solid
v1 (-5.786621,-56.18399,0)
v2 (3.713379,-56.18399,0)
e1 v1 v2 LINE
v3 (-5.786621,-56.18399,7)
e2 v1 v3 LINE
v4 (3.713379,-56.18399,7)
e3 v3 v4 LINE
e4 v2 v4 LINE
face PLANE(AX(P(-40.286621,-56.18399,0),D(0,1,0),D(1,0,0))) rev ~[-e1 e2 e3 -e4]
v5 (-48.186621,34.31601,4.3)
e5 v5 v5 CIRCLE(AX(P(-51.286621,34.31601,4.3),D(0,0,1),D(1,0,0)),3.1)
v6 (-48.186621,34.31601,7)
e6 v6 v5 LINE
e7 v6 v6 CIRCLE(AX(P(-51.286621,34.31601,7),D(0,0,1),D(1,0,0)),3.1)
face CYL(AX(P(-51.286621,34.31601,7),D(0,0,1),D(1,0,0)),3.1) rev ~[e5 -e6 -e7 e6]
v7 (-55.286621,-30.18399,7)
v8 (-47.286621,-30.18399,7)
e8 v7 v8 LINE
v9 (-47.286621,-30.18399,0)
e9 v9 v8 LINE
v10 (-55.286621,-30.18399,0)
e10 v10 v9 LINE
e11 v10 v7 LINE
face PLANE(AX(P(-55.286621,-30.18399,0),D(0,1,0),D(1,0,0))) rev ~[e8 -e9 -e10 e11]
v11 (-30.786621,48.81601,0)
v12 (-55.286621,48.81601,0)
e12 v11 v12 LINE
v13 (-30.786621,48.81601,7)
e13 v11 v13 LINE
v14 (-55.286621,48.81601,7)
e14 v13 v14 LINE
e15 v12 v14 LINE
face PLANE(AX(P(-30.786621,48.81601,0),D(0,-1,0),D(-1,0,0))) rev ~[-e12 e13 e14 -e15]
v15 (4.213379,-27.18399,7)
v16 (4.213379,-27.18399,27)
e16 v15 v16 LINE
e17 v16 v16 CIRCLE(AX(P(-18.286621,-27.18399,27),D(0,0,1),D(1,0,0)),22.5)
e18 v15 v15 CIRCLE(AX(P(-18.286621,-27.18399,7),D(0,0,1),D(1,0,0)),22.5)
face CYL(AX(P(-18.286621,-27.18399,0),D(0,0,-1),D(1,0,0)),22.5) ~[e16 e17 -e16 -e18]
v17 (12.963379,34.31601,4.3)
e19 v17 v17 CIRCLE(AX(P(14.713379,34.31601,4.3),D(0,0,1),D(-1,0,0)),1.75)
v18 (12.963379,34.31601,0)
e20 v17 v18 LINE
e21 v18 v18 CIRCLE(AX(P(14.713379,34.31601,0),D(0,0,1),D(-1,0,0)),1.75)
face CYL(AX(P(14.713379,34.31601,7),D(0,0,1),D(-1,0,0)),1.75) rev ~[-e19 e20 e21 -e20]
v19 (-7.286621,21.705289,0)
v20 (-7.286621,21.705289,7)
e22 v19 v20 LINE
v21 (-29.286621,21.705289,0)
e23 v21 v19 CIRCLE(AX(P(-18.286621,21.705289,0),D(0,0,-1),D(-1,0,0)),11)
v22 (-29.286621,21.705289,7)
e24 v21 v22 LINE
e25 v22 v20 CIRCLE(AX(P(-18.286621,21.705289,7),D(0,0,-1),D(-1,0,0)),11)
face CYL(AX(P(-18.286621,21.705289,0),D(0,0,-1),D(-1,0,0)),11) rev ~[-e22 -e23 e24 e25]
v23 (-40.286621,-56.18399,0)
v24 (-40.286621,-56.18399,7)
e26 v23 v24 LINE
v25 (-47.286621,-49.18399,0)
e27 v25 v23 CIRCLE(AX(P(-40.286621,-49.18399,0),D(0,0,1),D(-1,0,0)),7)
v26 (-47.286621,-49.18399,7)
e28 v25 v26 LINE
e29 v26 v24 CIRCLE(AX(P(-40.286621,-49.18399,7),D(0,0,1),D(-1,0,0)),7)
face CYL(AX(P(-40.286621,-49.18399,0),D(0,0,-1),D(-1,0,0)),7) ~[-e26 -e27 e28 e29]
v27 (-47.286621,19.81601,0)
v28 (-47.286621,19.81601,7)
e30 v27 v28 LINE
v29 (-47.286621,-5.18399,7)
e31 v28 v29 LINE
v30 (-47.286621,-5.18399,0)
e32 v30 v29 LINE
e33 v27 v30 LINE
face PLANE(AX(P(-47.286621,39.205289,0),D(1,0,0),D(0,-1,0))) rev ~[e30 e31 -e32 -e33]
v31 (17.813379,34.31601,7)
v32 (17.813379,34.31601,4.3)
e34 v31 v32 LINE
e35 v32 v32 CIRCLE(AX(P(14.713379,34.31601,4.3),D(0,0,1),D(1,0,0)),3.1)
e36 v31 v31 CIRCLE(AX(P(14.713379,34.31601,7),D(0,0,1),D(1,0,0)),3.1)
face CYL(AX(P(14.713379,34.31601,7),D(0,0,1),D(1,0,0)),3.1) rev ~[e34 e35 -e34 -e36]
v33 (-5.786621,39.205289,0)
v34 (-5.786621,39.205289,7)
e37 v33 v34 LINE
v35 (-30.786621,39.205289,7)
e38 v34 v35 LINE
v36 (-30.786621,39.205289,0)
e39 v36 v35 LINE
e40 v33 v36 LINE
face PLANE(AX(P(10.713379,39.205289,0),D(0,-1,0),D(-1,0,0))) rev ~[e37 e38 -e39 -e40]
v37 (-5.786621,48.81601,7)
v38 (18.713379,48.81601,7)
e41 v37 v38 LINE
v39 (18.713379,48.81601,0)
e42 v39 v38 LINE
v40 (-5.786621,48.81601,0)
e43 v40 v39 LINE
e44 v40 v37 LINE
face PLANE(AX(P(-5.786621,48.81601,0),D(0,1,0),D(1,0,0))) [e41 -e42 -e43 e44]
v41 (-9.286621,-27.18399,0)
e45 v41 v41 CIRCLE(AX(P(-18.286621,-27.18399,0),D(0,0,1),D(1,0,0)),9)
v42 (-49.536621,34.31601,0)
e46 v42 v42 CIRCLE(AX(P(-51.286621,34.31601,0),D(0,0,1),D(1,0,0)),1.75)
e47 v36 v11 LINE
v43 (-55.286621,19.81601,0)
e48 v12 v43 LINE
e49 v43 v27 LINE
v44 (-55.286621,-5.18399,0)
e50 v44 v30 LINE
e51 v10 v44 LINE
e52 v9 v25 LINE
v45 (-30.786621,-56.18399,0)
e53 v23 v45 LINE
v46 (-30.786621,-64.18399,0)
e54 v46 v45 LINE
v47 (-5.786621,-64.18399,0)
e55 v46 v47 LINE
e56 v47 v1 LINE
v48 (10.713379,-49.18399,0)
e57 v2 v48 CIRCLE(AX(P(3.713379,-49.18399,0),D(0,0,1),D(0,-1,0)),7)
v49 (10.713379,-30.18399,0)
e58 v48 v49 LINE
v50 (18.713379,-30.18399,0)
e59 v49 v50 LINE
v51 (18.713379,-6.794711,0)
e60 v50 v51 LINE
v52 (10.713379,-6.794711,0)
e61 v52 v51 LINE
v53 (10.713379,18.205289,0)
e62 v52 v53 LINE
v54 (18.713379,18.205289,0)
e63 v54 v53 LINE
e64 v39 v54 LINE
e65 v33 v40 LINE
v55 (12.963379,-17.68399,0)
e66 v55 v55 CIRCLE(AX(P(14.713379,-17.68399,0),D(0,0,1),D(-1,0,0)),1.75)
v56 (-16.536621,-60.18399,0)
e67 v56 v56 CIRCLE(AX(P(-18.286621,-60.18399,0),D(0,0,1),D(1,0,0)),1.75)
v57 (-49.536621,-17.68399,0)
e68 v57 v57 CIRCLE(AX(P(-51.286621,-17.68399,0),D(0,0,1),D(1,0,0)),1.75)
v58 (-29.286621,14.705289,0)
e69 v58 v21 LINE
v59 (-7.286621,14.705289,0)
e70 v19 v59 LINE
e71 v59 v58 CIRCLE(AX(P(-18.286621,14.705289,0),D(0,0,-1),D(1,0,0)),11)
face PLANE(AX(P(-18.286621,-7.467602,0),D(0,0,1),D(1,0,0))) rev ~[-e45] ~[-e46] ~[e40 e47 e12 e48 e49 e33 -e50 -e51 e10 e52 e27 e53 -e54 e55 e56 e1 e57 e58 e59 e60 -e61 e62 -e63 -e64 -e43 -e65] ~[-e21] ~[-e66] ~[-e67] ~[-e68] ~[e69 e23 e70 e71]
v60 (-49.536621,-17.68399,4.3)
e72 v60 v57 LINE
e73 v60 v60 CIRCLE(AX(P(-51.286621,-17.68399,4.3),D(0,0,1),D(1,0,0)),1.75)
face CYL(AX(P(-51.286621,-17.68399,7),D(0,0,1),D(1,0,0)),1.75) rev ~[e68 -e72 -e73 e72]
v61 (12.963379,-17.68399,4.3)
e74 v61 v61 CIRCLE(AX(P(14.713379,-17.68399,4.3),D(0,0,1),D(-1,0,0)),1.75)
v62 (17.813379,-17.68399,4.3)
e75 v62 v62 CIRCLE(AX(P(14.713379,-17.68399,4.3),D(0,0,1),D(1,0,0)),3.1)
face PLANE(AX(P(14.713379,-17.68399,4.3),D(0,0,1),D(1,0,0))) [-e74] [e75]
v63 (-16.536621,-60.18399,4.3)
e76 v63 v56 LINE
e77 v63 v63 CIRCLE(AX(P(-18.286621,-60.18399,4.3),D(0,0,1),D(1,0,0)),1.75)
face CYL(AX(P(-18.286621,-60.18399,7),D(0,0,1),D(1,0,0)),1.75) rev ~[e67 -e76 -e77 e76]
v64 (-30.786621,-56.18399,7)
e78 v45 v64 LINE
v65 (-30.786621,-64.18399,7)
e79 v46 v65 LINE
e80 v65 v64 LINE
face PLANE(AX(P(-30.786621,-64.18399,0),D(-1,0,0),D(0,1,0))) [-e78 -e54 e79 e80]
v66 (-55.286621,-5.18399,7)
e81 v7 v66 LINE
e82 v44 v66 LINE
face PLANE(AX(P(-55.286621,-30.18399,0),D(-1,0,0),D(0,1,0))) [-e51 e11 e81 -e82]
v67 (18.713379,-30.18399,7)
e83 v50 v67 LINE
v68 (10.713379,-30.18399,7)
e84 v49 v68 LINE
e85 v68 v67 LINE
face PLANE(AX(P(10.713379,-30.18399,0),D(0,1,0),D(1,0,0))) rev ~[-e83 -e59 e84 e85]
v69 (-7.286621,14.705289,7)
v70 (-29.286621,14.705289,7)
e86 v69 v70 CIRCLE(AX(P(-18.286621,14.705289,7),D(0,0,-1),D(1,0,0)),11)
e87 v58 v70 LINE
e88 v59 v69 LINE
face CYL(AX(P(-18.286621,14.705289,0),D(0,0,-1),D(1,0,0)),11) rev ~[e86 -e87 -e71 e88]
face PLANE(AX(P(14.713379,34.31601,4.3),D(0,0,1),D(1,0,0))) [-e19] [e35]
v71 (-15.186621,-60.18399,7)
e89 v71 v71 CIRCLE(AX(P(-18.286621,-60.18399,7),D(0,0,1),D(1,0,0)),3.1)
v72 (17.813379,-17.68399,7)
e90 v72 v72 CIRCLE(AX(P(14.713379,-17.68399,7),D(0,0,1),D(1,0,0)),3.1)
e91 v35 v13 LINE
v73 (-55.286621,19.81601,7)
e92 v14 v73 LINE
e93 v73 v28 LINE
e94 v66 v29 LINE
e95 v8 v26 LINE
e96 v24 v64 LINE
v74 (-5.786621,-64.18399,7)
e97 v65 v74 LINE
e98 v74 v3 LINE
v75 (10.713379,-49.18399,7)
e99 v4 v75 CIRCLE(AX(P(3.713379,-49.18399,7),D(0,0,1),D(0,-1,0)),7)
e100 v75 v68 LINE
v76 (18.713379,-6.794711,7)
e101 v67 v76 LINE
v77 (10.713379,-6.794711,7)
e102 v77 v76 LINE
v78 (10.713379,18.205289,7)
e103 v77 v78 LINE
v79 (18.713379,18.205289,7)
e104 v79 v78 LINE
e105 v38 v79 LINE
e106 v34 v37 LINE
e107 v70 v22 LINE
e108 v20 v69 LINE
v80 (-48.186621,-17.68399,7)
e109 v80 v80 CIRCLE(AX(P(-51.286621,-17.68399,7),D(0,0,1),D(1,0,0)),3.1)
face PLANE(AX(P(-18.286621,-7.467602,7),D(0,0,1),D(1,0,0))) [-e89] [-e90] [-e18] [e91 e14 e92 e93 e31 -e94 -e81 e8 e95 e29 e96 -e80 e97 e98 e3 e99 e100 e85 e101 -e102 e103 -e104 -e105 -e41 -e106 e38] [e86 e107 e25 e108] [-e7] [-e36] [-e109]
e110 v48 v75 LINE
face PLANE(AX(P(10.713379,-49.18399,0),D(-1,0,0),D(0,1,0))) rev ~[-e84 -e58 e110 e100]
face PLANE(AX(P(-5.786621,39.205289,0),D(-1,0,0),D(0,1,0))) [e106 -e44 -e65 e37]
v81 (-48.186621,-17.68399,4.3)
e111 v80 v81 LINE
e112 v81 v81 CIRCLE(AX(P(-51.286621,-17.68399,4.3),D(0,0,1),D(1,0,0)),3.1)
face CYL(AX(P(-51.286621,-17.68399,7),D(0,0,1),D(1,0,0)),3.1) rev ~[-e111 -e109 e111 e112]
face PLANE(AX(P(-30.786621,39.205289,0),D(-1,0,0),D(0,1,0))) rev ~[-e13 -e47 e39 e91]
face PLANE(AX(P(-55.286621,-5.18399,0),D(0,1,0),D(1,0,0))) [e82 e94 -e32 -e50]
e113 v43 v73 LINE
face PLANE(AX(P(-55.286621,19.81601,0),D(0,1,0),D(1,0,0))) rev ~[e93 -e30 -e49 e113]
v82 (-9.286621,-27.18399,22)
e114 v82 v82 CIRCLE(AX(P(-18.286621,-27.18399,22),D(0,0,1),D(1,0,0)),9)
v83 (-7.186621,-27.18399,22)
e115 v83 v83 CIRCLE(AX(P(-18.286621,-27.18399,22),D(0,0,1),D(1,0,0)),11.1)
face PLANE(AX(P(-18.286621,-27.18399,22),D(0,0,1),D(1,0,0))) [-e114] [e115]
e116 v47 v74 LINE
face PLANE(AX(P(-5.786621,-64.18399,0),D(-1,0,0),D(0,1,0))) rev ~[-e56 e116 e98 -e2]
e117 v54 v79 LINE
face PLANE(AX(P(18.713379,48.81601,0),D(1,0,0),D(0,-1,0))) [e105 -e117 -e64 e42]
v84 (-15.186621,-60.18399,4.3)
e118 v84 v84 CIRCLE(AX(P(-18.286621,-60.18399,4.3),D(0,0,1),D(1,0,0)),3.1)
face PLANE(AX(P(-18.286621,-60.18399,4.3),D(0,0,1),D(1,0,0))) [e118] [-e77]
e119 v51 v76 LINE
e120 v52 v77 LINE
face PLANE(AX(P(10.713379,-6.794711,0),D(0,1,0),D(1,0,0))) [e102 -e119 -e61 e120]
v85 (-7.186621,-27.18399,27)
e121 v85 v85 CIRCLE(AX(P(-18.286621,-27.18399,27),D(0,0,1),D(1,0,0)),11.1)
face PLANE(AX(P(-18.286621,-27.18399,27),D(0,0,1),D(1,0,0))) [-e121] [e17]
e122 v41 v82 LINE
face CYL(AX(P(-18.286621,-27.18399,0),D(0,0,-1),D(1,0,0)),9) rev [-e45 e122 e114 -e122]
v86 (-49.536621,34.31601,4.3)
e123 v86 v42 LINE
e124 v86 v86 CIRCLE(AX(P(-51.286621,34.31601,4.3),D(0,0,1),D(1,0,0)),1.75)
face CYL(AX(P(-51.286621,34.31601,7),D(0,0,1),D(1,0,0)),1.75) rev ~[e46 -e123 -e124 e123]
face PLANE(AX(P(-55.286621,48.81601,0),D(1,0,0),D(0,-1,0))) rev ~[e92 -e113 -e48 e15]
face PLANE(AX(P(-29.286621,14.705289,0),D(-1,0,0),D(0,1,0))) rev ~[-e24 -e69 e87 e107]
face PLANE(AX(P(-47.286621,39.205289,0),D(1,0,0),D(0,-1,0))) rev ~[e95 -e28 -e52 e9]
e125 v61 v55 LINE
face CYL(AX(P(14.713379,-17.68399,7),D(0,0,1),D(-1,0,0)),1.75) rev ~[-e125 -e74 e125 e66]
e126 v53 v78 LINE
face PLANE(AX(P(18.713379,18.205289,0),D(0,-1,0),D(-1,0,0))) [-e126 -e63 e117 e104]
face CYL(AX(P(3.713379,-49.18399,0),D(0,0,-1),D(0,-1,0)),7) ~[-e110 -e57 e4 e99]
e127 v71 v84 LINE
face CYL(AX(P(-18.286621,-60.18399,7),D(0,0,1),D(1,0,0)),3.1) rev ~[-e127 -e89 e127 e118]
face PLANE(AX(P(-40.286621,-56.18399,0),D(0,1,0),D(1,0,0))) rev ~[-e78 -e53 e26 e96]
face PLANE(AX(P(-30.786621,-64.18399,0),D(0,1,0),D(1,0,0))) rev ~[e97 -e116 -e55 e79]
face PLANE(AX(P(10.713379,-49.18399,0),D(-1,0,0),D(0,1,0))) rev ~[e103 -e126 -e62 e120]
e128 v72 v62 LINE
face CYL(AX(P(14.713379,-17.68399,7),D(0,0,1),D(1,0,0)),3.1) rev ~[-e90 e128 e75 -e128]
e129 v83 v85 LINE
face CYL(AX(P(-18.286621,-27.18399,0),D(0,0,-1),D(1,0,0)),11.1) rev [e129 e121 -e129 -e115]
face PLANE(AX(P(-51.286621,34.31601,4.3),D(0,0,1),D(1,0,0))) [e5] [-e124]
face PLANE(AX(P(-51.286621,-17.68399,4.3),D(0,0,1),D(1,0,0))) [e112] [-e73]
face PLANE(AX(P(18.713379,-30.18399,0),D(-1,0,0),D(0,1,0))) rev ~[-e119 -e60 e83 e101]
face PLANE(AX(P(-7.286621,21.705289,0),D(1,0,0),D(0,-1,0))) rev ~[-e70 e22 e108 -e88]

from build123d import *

# Parameters (mm, degrees)
CROQUIS2_R              = 22.5
SALIENTE_EXTRUIR1_DEPTH = 7
CROQUIS2_4_R            = 11.1
CROQUIS2_4_R_2          = 9
SALIENTE_EXTRUIR2_DEPTH = 22
CROQUIS2_5_R            = 22.5
CROQUIS2_5_R_2          = 11.1
SALIENTE_EXTRUIR3_DEPTH = 27
CROQUIS3_R              = 1.75
CORTAR_EXTRUIR1_DEPTH   = 7
CROQUIS4_R              = 3.1
CORTAR_EXTRUIR2_DEPTH   = 2.7


with BuildPart() as part:
    # Croquis2 → Saliente-Extruir1 (new body)
    with BuildSketch(Plane.XY):
        with BuildLine():
            Line((-30.786620614, 39.205288522), (-30.786620614, 48.816010109))
            Line((-30.786620614, 48.816010109), (-55.286620614, 48.816010109))
            Line((-55.286620614, 48.816010109), (-55.286620614, 19.816010109))
            Line((-55.286620614, 19.816010109), (-47.286620614, 19.816010109))
            Line((-47.286620614, 19.816010109), (-47.286620614, -5.183989891))
            Line((-47.286620614, -5.183989891), (-55.286620614, -5.183989891))
            Line((-55.286620614, -5.183989891), (-55.286620614, -30.183989891))
            Line((-55.286620614, -30.183989891), (-47.286620614, -30.183989891))
            Line((-47.286620614, -30.183989891), (-47.286620614, -49.183989891))
            ThreePointArc((-47.286620614, -49.183989891), (-45.236368082, -54.133737359), (-40.286620614, -56.183989891))
            Line((-40.286620614, -56.183989891), (-30.786620614, -56.183989891))
            Line((-30.786620614, -56.183989891), (-30.786620614, -64.183989891))
            Line((-30.786620614, -64.183989891), (-5.786620614, -64.183989891))
            Line((-5.786620614, -64.183989891), (-5.786620614, -56.183989891))
            Line((-5.786620614, -56.183989891), (3.713379386, -56.183989891))
            ThreePointArc((3.713379386, -56.183989891), (8.663126854, -54.133737359), (10.713379386, -49.183989891))
            Line((10.713379386, -49.183989891), (10.713379386, -30.183989891))
            Line((10.713379386, -30.183989891), (18.713379386, -30.183989891))
            Line((18.713379386, -30.183989891), (18.713379386, -6.794711478))
            Line((18.713379386, -6.794711478), (10.713379386, -6.794711478))
            Line((10.713379386, -6.794711478), (10.713379386, 18.205288522))
            Line((10.713379386, 18.205288522), (18.713379386, 18.205288522))
            Line((18.713379386, 18.205288522), (18.713379386, 48.816010109))
            Line((18.713379386, 48.816010109), (-5.786620614, 48.816010109))
            Line((-5.786620614, 48.816010109), (-5.786620614, 39.205288522))
            Line((-5.786620614, 39.205288522), (-30.786620614, 39.205288522))
        make_face()
        with BuildLine():
            ThreePointArc((-7.286620614, 14.705288522), (-18.286620614, 3.705288522), (-29.286620614, 14.705288522))
            Line((-29.286620614, 14.705288522), (-29.286620614, 21.705288522))
            ThreePointArc((-29.286620614, 21.705288522), (-18.286620614, 32.705288522), (-7.286620614, 21.705288522))
            Line((-7.286620614, 21.705288522), (-7.286620614, 14.705288522))
        make_face(mode=Mode.SUBTRACT)
        with Locations((-18.286620614, -27.183989891)):
            Circle(CROQUIS2_R, mode=Mode.SUBTRACT)
    extrude(amount=SALIENTE_EXTRUIR1_DEPTH)



with BuildPart() as body_2:
    # Croquis2<4> → Saliente-Extruir2 (new body)
    with BuildSketch(Plane.XY):
        with Locations((-18.286620614, -27.183989891)):
            Circle(CROQUIS2_4_R)
        with Locations((-18.286620614, -27.183989891)):
            Circle(CROQUIS2_4_R_2, mode=Mode.SUBTRACT)
    extrude(amount=SALIENTE_EXTRUIR2_DEPTH)


with BuildPart() as part_1:
    add(part.part)

    add(body_2.part)  # Saliente-Extruir3 merges body 2
    # Croquis2<5> → Saliente-Extruir3 (add)
    with BuildSketch(Plane.XY):
        with Locations((-18.286620614, -27.183989891)):
            Circle(CROQUIS2_5_R)
        with Locations((-18.286620614, -27.183989891)):
            Circle(CROQUIS2_5_R_2, mode=Mode.SUBTRACT)
    extrude(amount=SALIENTE_EXTRUIR3_DEPTH)

    # Croquis3 → Cortar-Extruir1 (cut)
    with BuildSketch(Plane.XY.offset(7)):
        with Locations((-51.286620614, 34.316010109)):
            Circle(CROQUIS3_R)
        with Locations((-51.286620614, -17.683989891)):
            Circle(CROQUIS3_R)
        with Locations((-18.286620614, -60.183989891)):
            Circle(CROQUIS3_R)
        with Locations((14.713379386, -17.683989891)):
            Circle(CROQUIS3_R)
        with Locations((14.713379386, 34.316010109)):
            Circle(CROQUIS3_R)
    extrude(amount=-CORTAR_EXTRUIR1_DEPTH, mode=Mode.SUBTRACT)

    # Croquis4 → Cortar-Extruir2 (cut)
    with BuildSketch(Plane.XY.offset(7)):
        with Locations((-51.286620614, -17.683989891)):
            Circle(CROQUIS4_R)
        with Locations((-51.286620614, 34.316010109)):
            Circle(CROQUIS4_R)
        with Locations((14.713379386, 34.316010109)):
            Circle(CROQUIS4_R)
        with Locations((14.713379386, -17.683989891)):
            Circle(CROQUIS4_R)
        with Locations((-18.286620614, -60.183989891)):
            Circle(CROQUIS4_R)
    extrude(amount=-CORTAR_EXTRUIR2_DEPTH, mode=Mode.SUBTRACT)


solid = part_1.part
